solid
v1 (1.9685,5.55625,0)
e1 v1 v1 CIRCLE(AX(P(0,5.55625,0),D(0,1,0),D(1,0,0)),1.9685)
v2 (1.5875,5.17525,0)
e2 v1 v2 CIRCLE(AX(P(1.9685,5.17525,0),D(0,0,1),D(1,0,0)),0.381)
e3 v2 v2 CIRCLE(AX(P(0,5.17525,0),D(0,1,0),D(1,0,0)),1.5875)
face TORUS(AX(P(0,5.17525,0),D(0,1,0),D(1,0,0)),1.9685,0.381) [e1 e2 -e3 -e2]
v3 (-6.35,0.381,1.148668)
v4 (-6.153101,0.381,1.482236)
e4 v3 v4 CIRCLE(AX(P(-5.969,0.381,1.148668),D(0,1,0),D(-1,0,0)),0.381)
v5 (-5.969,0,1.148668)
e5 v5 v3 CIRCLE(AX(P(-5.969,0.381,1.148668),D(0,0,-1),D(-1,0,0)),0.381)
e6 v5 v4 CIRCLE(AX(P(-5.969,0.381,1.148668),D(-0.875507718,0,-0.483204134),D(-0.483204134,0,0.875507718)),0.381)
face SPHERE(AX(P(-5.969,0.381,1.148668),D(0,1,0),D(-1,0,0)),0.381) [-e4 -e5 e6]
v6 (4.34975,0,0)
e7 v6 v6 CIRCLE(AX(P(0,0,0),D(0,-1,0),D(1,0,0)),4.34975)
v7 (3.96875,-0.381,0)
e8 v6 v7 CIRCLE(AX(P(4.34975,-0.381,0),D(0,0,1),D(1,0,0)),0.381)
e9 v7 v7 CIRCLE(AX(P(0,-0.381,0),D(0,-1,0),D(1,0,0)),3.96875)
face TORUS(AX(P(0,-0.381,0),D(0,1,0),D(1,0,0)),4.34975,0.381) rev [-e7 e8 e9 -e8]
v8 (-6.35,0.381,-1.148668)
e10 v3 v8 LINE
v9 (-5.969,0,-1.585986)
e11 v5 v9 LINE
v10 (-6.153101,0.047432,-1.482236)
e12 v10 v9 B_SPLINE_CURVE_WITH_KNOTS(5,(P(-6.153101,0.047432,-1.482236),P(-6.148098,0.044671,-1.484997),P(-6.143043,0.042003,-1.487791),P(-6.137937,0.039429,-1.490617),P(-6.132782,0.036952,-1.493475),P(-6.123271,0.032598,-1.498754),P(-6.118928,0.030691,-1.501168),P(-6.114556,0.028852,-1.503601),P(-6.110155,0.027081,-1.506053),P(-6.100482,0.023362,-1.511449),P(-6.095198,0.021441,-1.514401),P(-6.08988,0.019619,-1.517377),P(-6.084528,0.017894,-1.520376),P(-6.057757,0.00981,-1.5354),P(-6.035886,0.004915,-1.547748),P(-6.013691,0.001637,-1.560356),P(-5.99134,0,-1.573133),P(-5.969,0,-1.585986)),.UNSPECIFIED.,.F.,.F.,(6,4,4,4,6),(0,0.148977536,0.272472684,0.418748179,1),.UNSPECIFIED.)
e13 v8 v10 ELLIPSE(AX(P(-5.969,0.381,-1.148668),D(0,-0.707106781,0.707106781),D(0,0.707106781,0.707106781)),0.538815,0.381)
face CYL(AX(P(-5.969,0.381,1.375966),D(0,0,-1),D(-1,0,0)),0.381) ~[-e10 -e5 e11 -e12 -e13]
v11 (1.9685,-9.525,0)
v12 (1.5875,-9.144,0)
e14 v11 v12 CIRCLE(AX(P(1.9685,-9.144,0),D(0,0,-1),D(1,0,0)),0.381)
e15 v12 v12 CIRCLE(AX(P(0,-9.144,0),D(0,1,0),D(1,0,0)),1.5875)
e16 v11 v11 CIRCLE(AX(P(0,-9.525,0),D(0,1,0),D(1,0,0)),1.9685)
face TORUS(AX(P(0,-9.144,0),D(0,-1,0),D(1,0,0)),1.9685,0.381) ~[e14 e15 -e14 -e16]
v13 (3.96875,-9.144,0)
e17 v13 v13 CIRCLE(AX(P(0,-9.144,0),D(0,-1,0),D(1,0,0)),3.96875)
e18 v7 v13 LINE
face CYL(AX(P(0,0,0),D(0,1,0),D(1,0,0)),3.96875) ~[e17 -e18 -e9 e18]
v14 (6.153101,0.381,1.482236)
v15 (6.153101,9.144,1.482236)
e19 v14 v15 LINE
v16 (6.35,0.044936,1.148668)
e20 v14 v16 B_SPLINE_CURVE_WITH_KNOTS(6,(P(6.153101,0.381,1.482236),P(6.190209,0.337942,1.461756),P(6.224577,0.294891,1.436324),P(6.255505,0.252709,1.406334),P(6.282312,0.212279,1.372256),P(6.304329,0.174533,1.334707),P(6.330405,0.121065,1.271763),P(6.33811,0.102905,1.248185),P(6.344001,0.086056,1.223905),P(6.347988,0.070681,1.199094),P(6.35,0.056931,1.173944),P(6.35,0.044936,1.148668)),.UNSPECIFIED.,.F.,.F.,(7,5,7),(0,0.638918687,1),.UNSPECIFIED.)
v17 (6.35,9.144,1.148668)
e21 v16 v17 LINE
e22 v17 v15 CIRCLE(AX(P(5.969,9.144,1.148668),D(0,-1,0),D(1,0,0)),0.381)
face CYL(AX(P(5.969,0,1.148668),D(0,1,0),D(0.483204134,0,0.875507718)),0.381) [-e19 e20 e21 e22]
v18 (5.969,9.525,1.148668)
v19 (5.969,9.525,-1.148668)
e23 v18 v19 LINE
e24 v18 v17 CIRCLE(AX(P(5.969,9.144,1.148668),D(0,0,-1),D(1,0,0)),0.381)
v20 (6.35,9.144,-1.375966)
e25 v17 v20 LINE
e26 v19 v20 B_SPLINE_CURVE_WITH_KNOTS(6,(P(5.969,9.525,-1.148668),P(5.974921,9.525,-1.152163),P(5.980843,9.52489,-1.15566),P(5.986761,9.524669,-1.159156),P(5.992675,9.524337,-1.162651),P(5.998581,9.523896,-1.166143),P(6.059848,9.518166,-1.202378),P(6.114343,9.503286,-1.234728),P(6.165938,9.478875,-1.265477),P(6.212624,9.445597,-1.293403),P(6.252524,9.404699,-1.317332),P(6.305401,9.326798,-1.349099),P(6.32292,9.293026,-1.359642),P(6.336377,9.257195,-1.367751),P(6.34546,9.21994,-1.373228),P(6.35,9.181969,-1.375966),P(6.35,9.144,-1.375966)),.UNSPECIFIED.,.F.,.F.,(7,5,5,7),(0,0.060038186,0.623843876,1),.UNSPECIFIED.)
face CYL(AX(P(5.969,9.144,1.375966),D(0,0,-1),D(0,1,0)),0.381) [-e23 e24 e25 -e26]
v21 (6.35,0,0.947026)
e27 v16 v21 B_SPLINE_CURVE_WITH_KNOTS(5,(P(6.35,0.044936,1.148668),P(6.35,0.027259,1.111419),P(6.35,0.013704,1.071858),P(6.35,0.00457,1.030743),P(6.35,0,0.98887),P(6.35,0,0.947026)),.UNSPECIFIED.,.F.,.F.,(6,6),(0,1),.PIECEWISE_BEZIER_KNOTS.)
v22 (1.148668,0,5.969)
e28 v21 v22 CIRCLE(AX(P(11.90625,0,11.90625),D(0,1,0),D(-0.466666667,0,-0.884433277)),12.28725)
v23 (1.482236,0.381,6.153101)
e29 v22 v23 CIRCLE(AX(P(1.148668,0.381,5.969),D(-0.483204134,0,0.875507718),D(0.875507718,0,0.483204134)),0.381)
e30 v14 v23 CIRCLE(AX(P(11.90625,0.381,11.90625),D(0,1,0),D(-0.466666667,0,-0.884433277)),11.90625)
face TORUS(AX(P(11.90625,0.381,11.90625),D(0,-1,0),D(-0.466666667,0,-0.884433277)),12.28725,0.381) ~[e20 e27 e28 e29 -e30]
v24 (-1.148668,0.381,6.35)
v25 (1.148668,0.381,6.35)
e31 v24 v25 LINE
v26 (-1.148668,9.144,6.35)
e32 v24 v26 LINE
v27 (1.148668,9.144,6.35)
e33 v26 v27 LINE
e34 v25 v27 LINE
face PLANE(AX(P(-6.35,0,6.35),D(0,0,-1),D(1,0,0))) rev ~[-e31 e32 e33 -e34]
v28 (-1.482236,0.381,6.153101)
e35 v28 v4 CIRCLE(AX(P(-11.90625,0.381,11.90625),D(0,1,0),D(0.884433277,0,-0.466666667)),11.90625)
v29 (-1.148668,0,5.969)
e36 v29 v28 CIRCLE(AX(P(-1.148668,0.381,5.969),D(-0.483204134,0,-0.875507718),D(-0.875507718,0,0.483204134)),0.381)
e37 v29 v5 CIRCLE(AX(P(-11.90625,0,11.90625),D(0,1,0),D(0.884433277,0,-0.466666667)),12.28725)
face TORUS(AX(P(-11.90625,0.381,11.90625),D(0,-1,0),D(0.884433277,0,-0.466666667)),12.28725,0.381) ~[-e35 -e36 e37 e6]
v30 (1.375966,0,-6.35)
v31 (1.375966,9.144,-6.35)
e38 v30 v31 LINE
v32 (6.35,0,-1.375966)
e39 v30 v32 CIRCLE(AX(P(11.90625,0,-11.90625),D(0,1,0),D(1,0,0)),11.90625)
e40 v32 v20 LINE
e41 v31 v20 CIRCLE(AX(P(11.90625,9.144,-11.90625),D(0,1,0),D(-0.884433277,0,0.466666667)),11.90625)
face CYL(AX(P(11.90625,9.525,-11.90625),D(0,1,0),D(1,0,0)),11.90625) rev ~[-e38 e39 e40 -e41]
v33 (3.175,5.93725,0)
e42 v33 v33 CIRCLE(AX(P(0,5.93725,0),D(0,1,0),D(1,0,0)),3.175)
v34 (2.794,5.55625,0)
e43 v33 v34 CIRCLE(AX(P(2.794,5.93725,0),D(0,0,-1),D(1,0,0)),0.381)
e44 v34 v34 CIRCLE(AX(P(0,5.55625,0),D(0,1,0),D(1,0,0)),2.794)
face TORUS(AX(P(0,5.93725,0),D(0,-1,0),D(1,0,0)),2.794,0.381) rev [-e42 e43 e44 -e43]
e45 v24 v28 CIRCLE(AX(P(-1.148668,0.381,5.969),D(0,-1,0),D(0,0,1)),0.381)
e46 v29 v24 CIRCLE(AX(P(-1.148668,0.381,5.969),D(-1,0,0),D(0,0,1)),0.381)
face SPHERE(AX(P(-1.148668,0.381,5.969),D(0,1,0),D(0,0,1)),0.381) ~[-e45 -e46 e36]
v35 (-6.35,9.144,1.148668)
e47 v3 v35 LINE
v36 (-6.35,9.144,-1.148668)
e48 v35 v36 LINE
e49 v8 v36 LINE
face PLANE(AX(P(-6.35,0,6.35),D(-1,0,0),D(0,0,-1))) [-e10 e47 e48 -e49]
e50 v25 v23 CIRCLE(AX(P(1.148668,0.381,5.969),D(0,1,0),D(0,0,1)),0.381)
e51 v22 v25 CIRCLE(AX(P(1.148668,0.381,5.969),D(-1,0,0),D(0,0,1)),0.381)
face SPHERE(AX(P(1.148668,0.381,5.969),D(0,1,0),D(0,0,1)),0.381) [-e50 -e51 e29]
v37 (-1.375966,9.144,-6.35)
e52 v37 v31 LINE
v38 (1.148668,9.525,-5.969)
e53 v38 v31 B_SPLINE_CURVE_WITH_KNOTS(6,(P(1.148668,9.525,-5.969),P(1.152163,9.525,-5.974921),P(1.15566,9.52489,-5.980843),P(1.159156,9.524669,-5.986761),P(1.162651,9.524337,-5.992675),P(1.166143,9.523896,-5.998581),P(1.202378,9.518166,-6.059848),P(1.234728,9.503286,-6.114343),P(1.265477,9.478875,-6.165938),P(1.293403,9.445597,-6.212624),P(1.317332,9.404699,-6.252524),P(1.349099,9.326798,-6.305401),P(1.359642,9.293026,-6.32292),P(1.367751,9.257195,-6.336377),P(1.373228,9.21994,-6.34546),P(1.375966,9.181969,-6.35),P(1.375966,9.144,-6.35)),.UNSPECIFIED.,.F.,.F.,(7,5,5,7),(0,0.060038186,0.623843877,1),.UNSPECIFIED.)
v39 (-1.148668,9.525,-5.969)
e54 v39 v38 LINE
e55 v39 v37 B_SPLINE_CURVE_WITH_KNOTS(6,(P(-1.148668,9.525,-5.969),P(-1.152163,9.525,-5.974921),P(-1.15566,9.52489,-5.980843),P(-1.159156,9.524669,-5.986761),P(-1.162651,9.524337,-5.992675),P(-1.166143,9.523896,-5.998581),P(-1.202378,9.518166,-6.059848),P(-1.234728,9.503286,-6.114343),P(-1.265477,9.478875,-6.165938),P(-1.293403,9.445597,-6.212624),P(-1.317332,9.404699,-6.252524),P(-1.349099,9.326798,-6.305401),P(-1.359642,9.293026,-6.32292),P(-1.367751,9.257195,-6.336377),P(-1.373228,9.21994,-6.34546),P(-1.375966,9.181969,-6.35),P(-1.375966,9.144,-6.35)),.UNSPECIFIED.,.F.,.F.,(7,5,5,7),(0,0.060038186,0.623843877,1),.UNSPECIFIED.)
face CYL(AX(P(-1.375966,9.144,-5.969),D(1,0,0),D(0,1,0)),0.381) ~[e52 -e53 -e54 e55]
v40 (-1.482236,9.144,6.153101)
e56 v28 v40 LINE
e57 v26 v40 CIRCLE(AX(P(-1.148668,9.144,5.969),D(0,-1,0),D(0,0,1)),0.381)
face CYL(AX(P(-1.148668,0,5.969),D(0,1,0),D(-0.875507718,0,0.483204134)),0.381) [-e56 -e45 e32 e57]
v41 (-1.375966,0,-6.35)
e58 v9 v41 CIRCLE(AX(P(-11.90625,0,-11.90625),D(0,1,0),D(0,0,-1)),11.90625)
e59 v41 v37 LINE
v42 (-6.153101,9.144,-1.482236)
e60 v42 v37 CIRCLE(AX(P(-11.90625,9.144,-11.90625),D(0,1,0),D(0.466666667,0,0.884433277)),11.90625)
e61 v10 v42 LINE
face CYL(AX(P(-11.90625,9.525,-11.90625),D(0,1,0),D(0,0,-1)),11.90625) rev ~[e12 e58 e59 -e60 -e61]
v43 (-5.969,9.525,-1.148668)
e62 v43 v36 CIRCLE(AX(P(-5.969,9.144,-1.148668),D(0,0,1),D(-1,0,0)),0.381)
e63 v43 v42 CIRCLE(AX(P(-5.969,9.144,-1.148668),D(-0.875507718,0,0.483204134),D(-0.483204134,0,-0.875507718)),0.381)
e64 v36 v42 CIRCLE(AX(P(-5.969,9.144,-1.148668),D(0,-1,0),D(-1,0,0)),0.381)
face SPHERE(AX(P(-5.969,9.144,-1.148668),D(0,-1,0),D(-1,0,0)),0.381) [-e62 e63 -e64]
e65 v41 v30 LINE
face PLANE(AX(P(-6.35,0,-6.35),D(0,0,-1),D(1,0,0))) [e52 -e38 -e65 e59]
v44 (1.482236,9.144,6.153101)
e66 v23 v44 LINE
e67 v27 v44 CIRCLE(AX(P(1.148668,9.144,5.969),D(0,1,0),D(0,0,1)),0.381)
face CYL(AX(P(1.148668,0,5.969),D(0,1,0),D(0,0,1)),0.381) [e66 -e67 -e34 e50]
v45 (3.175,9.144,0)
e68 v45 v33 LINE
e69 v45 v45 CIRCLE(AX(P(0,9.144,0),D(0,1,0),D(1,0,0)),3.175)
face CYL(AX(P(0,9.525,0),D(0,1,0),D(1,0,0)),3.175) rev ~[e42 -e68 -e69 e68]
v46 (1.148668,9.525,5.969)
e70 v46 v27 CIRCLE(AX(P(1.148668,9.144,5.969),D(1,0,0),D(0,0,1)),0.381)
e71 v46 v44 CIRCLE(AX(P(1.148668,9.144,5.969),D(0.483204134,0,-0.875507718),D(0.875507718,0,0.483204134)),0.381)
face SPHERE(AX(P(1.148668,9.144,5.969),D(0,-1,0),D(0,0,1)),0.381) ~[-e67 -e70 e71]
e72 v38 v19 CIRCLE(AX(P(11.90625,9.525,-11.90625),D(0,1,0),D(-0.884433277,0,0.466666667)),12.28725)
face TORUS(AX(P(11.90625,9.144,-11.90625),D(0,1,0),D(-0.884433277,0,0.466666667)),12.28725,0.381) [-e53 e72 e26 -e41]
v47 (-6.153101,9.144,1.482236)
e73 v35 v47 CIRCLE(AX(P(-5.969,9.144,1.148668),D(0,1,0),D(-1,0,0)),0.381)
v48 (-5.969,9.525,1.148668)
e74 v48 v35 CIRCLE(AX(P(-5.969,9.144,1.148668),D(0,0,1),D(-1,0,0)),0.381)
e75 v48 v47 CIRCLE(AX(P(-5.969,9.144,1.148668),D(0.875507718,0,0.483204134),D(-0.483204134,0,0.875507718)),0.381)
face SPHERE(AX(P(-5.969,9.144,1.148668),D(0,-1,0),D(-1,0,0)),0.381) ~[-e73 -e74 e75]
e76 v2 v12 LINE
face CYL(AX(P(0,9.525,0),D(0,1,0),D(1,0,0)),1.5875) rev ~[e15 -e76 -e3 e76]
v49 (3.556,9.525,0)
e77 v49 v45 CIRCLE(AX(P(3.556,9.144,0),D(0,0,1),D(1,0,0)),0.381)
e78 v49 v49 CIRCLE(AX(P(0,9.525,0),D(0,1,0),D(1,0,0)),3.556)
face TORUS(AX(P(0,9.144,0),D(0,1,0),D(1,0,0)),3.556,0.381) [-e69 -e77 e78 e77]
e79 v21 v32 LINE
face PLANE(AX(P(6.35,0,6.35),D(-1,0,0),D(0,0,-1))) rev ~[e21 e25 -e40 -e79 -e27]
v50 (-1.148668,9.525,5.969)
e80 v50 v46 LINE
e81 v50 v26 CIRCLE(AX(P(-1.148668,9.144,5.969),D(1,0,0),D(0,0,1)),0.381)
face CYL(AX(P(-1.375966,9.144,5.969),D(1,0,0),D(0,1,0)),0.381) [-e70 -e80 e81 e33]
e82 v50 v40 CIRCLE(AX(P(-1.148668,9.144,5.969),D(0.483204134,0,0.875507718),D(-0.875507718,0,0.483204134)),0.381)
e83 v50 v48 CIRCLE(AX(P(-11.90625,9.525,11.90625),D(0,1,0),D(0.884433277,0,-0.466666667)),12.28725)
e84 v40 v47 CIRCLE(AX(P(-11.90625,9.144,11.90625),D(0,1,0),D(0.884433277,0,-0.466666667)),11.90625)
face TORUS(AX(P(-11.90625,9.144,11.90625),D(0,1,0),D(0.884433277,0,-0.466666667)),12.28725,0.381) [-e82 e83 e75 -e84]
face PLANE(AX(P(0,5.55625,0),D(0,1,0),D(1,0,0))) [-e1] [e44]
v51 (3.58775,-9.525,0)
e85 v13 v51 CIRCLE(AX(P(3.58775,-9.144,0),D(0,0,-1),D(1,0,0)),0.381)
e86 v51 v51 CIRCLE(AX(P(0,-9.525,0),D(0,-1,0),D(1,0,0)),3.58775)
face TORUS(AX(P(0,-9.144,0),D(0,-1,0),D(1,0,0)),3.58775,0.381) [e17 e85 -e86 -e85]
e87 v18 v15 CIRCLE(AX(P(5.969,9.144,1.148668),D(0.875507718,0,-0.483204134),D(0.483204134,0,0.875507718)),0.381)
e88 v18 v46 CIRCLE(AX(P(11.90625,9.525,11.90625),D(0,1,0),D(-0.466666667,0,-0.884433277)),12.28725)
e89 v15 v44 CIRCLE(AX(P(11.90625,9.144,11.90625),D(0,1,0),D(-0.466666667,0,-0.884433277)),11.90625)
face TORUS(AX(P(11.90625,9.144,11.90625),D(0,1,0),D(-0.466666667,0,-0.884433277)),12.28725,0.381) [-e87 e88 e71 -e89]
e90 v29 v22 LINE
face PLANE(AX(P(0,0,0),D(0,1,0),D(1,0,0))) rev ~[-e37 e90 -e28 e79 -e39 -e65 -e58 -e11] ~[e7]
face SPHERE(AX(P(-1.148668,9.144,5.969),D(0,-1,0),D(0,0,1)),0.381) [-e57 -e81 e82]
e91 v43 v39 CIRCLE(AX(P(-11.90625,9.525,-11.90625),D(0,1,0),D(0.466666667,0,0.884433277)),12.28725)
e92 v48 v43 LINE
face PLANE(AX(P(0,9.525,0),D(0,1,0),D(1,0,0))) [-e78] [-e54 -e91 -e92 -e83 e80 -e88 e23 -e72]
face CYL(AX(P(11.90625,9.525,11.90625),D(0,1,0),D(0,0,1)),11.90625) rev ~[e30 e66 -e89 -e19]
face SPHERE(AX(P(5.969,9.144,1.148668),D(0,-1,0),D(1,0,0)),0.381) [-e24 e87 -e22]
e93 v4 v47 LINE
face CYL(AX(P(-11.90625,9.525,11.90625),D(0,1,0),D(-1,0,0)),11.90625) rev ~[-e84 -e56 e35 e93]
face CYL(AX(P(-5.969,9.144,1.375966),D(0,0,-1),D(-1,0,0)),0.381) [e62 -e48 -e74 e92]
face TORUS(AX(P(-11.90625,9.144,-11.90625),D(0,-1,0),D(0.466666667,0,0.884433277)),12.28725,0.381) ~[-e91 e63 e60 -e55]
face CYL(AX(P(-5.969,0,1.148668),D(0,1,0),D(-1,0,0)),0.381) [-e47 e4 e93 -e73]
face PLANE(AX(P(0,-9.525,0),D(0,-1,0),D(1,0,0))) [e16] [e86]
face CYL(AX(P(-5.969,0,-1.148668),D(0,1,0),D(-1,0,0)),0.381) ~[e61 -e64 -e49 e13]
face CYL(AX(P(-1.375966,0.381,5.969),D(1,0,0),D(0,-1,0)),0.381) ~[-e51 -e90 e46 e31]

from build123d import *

# Parameters (mm, degrees)
SKETCH1_W           = 12.7
SKETCH1_H           = 12.7
BOSS_EXTRUDE1_DEPTH = 9.525
SKETCH3_R           = 11.90625
CUT_EXTRUDE1_DEPTH  = 14.090860361
CIRPATTERN1_COUNT   = 4
SKETCH4_R           = 3.96875
BOSS_EXTRUDE2_DEPTH = 9.525
SKETCH5_R           = 1.5875
CUT_EXTRUDE2_DEPTH  = 22.060567419
SKETCH6_R           = 3.175
CUT_EXTRUDE3_DEPTH  = 3.96875
FILLET3_R           = 0.381


with BuildPart() as part:
    # Sketch1 → Boss-Extrude1 (new body)
    with BuildSketch(Plane(origin=(0, 0, 0), x_dir=(1, 0, 0), z_dir=(0, 1, 0))):
        Rectangle(SKETCH1_W, SKETCH1_H)
    extrude(amount=BOSS_EXTRUDE1_DEPTH)

    # Sketch3 → Cut-Extrude1 (cut, through all)
    with BuildSketch(Plane(origin=(0, 9.525, 0), x_dir=(1, 0, 0), z_dir=(0, 1, 0))):
        with Locations((11.90625, 11.90625)):
            Circle(SKETCH3_R)
    cut_extrude1 = extrude(amount=-CUT_EXTRUDE1_DEPTH, mode=Mode.SUBTRACT)

    # CirPattern1: Cut-Extrude1 ×4 about axis
    cirpattern1_axis = Axis((0, 50, 0), (0, -1, 0))
    for i in range(1, CIRPATTERN1_COUNT):
        add(cut_extrude1.rotate(cirpattern1_axis, i * 360 / CIRPATTERN1_COUNT), mode=Mode.SUBTRACT)

    # Sketch4 → Boss-Extrude2 (add)
    with BuildSketch(Plane.XZ):
        Circle(SKETCH4_R)
    extrude(amount=BOSS_EXTRUDE2_DEPTH)

    # Sketch5 → Cut-Extrude2 (cut, through all)
    with BuildSketch(Plane(origin=(0, 9.525, 0), x_dir=(1, 0, 0), z_dir=(0, 1, 0))):
        Circle(SKETCH5_R)
    extrude(amount=-CUT_EXTRUDE2_DEPTH, mode=Mode.SUBTRACT)

    # Sketch6 → Cut-Extrude3 (cut)
    with BuildSketch(Plane(origin=(0, 9.525, 0), x_dir=(1, 0, 0), z_dir=(0, 1, 0))):
        Circle(SKETCH6_R)
    extrude(amount=-CUT_EXTRUDE3_DEPTH, mode=Mode.SUBTRACT)

    # Fillet3
    fillet3_edges = [part.edges().sort_by_distance(p)[0] for p in [
        (-3.175, 9.525, 0),
        (-3.175, 5.55625, 0),
        (-1.5875, 5.55625, 0),
        (-1.5875, -9.525, 0),
        (-3.96875, -9.525, 0),
        (-3.487259886, 9.525, -3.487259886),
        (-6.35, 4.7625, -1.375966291),
        (-3.487259886, 0, 3.487259886),
        (-3.487259886, 9.525, 3.487259886),
        (-1.375966291, 4.7625, 6.35),
        (-6.35, 4.7625, 1.375966291),
        (3.487259886, 9.525, 3.487259886),
        (3.487259886, 0, 3.487259886),
        (1.375966291, 4.7625, 6.35),
        (6.35, 4.7625, 1.375966291),
        (3.487259886, 9.525, -3.487259886),
        (-6.35, 0, 0),
        (0, 0, 6.35),
        (6.35, 9.525, 0),
        (0, 9.525, -6.35),
        (-6.35, 9.525, 0),
        (0, 9.525, 6.35),
        (-3.96875, 0, 0),
    ]]
    fillet(fillet3_edges, radius=FILLET3_R)


solid = part.part
